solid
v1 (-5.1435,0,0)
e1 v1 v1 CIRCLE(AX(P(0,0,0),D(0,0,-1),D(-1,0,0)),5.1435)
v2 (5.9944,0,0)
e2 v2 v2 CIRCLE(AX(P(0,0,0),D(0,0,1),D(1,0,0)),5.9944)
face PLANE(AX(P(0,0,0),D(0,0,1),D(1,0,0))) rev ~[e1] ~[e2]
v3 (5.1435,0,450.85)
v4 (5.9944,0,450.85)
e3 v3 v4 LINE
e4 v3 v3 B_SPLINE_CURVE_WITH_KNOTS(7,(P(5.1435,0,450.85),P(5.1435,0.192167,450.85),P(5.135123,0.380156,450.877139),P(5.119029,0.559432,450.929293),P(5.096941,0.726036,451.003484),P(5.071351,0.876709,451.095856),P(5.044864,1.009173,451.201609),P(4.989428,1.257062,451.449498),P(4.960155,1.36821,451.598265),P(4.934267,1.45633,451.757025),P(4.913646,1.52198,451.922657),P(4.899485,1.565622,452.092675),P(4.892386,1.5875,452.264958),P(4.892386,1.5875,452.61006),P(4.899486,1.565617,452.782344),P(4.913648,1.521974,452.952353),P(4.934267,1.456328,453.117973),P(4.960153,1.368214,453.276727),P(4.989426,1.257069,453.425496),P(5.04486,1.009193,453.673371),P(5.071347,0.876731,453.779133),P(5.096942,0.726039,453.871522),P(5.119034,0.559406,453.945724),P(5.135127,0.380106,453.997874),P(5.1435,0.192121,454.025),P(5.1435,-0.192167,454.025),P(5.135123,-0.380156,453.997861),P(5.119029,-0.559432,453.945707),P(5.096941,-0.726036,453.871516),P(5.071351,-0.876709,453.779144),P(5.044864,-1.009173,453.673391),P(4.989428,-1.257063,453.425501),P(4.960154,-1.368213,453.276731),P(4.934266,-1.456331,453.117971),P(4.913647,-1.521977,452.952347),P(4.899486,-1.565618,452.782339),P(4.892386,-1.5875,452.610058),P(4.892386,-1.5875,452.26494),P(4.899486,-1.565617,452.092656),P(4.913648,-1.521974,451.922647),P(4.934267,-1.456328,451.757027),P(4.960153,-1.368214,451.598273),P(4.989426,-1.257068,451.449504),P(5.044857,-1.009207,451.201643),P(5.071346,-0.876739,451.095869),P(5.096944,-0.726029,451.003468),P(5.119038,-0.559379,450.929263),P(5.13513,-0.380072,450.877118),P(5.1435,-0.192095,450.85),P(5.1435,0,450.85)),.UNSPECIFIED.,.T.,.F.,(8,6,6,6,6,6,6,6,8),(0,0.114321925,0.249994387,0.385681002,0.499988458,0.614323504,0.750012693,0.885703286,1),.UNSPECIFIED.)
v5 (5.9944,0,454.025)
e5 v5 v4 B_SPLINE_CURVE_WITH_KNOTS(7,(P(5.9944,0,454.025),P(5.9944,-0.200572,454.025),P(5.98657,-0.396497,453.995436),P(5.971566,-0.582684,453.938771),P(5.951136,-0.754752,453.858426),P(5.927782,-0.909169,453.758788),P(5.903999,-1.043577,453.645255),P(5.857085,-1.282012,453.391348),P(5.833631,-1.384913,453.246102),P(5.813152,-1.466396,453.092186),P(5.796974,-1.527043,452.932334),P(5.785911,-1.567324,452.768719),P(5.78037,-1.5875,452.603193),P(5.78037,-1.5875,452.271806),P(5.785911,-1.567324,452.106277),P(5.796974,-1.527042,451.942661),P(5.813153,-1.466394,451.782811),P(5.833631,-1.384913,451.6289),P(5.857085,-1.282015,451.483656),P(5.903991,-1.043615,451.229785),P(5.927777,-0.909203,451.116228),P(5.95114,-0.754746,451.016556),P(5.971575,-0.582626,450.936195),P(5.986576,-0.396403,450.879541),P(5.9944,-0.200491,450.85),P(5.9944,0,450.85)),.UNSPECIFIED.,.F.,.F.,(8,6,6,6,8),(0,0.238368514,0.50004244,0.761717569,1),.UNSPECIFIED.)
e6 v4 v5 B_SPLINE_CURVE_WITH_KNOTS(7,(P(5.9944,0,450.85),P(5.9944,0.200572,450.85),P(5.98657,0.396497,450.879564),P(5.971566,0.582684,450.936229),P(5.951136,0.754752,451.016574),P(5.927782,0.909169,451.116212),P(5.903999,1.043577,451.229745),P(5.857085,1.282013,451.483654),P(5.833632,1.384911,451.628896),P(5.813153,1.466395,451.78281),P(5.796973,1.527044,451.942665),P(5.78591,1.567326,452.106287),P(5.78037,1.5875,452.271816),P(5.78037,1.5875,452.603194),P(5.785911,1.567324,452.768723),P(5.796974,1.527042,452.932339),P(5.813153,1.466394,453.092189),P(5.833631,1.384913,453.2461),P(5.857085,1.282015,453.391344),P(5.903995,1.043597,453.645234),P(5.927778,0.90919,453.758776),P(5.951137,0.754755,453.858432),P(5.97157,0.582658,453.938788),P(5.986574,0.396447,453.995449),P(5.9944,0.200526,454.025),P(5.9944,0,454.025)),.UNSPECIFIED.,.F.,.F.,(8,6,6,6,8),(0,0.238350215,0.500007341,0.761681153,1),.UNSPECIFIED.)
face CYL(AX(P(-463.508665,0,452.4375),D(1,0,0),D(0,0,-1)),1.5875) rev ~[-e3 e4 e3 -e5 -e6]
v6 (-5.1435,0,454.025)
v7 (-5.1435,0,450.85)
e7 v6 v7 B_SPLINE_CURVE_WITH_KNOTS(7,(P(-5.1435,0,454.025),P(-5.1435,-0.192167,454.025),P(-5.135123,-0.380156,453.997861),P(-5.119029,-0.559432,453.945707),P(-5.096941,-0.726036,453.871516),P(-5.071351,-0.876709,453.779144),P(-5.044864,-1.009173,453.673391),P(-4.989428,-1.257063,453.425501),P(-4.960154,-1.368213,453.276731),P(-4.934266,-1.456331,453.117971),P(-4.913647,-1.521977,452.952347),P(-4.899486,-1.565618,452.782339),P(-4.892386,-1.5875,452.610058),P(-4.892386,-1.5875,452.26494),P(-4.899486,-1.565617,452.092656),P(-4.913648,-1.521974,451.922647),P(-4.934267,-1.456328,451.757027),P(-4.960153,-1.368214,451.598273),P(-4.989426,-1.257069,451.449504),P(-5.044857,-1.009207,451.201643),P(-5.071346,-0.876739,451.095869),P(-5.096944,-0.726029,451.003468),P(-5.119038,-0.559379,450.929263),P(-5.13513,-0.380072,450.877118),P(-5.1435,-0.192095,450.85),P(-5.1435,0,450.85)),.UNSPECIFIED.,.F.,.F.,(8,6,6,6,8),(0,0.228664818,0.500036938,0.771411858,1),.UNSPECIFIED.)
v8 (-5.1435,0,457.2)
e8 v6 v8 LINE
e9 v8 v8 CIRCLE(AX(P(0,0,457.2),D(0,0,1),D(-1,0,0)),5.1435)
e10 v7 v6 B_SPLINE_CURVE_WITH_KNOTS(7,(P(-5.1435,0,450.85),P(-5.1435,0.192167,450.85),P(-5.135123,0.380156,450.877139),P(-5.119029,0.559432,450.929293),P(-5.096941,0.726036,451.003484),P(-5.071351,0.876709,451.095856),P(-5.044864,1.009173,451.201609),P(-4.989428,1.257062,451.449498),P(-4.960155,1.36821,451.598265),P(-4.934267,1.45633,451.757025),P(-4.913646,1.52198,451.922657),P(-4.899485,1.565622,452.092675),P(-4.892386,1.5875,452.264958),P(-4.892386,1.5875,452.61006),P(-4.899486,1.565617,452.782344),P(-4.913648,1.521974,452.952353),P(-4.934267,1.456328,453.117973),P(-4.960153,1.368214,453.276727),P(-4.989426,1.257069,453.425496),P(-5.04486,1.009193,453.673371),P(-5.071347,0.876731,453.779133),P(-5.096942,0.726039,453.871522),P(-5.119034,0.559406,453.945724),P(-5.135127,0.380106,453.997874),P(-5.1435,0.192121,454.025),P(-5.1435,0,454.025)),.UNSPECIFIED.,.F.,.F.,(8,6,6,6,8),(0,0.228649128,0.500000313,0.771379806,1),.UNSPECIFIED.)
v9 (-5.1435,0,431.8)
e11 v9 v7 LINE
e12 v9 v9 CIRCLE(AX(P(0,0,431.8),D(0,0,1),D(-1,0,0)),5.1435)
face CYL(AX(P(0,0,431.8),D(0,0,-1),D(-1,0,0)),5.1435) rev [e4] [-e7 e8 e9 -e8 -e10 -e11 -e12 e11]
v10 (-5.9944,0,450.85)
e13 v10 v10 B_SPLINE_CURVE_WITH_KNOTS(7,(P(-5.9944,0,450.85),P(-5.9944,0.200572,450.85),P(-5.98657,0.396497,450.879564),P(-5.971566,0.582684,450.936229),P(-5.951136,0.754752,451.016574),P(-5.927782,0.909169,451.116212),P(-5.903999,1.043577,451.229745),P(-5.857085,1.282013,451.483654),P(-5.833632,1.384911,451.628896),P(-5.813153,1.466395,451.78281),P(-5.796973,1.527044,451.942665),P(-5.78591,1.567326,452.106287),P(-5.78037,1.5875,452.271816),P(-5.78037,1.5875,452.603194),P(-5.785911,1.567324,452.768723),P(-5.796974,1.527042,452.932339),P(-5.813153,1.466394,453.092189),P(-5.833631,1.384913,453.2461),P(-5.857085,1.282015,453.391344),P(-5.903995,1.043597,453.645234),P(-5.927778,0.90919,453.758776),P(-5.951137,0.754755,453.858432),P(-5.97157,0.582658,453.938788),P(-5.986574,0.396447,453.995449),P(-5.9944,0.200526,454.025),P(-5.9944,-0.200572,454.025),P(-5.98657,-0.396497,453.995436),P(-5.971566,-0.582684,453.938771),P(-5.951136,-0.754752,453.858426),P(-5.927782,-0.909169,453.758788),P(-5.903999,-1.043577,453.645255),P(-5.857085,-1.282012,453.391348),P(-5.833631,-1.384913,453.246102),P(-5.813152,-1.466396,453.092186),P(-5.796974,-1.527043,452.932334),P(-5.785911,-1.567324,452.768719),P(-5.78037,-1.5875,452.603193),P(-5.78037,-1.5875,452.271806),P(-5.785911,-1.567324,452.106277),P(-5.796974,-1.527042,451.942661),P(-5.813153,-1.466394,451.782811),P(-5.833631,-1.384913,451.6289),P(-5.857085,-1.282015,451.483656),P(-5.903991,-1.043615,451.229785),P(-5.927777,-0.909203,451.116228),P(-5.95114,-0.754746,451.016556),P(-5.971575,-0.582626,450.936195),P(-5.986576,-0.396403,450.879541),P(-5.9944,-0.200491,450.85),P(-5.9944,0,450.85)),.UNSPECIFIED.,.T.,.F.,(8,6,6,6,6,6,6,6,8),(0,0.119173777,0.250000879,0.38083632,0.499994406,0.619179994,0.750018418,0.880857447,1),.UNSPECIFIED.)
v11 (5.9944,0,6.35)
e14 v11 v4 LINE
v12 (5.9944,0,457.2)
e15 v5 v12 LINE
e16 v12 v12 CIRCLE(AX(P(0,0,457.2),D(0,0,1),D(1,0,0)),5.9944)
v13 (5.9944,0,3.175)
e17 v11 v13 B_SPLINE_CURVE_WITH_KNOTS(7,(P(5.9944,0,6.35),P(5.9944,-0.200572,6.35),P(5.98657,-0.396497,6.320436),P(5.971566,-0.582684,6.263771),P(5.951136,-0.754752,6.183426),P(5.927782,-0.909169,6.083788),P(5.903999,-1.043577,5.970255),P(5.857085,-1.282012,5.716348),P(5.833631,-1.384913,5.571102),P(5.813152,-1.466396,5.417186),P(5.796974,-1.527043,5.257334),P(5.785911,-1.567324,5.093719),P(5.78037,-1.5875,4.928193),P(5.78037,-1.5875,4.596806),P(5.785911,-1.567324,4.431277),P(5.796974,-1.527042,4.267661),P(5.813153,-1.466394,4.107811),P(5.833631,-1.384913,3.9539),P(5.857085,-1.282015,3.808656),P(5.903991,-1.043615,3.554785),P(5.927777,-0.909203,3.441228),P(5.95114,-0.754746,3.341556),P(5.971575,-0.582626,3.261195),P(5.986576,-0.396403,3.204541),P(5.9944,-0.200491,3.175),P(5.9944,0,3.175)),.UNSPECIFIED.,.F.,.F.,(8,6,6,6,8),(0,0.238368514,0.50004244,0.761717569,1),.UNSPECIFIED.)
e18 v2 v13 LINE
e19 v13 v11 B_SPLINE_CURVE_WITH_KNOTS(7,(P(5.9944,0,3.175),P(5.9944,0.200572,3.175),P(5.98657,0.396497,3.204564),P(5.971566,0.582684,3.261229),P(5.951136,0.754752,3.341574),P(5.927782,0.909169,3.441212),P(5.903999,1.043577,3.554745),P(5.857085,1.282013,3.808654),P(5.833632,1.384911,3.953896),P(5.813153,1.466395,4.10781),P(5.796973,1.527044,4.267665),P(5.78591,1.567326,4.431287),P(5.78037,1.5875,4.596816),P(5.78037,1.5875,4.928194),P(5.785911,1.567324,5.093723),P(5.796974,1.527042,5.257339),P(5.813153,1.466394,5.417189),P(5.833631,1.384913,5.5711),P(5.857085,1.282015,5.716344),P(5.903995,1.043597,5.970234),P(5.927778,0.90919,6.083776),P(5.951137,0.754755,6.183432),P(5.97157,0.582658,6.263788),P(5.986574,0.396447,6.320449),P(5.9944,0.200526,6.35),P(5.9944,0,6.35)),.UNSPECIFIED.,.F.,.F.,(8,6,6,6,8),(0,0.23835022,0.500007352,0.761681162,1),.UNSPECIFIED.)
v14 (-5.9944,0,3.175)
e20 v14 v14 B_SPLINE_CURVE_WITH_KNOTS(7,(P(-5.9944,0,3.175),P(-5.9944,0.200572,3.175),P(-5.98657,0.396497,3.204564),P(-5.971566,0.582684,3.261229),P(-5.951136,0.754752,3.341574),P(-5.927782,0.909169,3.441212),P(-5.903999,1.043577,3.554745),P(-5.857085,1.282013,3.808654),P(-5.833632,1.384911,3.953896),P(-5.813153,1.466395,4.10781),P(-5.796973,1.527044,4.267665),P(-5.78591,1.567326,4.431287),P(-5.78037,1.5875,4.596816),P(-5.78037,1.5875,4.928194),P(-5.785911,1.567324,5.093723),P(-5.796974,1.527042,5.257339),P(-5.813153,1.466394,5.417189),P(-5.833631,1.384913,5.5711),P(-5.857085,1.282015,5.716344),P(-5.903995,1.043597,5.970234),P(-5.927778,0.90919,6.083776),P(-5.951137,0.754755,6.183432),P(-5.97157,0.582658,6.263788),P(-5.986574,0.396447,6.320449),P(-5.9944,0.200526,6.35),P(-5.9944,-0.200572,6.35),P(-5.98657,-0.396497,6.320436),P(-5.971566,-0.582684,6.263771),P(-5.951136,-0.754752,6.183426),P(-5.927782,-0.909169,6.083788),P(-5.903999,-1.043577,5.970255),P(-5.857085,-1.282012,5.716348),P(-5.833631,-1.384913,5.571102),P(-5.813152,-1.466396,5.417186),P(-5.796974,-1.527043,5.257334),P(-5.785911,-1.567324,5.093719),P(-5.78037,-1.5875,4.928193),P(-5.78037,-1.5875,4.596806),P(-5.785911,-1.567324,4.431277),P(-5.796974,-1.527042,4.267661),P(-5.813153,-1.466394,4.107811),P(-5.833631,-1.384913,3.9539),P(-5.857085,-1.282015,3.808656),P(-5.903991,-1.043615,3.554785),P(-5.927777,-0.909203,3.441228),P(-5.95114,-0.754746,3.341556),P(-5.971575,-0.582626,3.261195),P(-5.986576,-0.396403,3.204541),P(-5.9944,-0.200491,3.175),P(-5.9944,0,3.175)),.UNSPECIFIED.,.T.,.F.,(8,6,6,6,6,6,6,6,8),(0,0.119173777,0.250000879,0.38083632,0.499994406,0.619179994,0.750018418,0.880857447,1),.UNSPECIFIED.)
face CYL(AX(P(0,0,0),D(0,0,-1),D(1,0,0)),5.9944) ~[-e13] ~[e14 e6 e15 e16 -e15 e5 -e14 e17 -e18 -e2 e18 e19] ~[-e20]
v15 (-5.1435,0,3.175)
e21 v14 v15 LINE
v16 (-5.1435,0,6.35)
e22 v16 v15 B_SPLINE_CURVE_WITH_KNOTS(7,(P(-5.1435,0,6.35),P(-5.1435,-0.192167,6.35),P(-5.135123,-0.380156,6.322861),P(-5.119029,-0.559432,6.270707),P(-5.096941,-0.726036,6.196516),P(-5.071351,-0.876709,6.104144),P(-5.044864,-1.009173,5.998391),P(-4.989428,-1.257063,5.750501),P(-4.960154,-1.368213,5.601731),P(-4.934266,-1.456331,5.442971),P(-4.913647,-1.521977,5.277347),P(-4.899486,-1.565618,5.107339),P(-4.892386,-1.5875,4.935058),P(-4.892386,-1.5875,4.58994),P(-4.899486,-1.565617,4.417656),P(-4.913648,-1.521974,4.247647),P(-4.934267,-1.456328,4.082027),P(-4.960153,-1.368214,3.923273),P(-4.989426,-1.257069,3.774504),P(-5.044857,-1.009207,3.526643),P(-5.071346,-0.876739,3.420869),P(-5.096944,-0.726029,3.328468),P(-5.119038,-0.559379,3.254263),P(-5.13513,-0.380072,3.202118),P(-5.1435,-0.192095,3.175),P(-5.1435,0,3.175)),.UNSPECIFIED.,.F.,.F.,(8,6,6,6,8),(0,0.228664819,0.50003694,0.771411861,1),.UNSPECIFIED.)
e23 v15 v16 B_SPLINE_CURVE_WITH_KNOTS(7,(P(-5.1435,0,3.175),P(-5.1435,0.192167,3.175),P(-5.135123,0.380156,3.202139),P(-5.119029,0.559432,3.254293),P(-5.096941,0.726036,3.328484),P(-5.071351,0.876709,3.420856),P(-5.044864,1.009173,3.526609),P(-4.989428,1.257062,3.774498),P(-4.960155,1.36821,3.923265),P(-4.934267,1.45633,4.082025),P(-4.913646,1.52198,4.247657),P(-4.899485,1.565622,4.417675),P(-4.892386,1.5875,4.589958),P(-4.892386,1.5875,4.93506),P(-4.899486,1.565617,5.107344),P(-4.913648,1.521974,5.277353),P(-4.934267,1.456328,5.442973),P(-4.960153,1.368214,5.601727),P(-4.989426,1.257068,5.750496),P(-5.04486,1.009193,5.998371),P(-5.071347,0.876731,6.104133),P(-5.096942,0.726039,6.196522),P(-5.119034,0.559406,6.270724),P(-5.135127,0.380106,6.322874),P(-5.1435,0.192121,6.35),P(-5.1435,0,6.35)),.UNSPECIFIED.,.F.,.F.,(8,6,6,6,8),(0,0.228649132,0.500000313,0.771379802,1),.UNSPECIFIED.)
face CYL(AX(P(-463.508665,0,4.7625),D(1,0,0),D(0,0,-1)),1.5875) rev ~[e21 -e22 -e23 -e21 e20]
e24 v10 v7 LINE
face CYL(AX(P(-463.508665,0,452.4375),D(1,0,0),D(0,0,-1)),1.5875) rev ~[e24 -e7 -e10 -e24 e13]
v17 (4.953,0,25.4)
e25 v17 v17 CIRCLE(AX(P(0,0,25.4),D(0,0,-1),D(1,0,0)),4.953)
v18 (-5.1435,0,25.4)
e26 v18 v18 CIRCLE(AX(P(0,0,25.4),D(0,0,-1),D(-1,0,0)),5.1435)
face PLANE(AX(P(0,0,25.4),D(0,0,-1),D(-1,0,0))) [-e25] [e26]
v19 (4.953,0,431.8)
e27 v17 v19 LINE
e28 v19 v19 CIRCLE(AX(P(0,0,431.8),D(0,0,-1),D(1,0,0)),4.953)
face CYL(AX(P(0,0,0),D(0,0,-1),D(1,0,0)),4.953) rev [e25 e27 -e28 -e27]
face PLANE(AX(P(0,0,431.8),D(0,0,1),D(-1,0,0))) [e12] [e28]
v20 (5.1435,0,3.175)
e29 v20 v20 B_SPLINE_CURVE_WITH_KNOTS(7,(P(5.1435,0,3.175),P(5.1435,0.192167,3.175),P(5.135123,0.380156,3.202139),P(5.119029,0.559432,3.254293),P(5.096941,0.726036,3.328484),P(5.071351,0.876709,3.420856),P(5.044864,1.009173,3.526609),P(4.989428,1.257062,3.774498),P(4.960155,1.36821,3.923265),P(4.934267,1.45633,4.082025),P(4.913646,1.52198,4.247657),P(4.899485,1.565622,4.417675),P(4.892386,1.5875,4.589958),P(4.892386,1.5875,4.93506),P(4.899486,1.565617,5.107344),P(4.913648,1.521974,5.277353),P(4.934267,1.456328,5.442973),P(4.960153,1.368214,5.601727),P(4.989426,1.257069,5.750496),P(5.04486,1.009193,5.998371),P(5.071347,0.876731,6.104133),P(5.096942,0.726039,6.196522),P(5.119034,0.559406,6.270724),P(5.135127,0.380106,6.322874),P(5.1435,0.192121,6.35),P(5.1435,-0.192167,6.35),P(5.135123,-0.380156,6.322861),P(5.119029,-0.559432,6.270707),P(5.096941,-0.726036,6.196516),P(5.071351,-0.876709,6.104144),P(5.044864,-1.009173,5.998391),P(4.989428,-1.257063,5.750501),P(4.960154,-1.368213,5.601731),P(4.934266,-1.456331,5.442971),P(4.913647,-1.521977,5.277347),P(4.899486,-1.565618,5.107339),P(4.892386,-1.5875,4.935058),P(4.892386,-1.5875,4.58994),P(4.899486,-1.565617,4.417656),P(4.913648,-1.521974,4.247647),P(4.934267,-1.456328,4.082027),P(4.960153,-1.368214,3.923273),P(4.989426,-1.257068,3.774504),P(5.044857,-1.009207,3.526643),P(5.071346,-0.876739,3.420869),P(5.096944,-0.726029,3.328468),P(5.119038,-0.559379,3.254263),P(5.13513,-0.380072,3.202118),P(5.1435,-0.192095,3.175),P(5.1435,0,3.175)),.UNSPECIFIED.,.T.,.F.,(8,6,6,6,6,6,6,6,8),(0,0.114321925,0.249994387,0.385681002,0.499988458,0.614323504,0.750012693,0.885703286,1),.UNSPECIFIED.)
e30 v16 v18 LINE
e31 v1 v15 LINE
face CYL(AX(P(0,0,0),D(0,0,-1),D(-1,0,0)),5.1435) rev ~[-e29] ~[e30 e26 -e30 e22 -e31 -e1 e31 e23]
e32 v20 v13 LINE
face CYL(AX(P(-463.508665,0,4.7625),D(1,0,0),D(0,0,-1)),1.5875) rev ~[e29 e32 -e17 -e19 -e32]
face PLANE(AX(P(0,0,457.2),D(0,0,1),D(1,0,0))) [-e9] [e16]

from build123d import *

# Parameters (mm, degrees)
SKETCH1_R                    = 5.9944
SKETCH1_R_2                  = 4.953
BOSS_EXTRUDE1_DEPTH          = 457.2
SKETCH8_R                    = 5.1435
CUT_EXTRUDE2_DEPTH           = 25.4
CUT_EXTRUDE3_START           = -25.4
SKETCH9_R                    = 5.1435
CUT_EXTRUDE3_DEPTH           = 25.4
F_1_8_0_125_DIAMETER_HOLE1_D = 3.175


with BuildPart() as part:
    # Sketch1 → Boss-Extrude1 (new body)
    with BuildSketch(Plane.XY):
        Circle(SKETCH1_R)
        Circle(SKETCH1_R_2, mode=Mode.SUBTRACT)
    extrude(amount=BOSS_EXTRUDE1_DEPTH)

    # Sketch8 → Cut-Extrude2 (cut)
    with BuildSketch(Plane(origin=(0, 0, 0), x_dir=(-1, 0, 0), z_dir=(0, 0, -1))):
        Circle(SKETCH8_R)
    extrude(amount=-CUT_EXTRUDE2_DEPTH, mode=Mode.SUBTRACT)

    # Sketch9 → Cut-Extrude3 (cut)
    with BuildSketch(Plane.XY.offset(457.2).offset(CUT_EXTRUDE3_START)):
        with Locations(Location((0, 0, 0), (0, 0, 180))):
            Circle(SKETCH9_R)
    extrude(amount=CUT_EXTRUDE3_DEPTH, mode=Mode.SUBTRACT)

    # 1/8 (0.125) Diameter Hole1 (through all)
    with Locations(Plane.ZY.offset(5.9944)):
        with Locations((452.4375, 0), (4.7625, 0)):
            Hole(F_1_8_0_125_DIAMETER_HOLE1_D / 2)


solid = part.part
